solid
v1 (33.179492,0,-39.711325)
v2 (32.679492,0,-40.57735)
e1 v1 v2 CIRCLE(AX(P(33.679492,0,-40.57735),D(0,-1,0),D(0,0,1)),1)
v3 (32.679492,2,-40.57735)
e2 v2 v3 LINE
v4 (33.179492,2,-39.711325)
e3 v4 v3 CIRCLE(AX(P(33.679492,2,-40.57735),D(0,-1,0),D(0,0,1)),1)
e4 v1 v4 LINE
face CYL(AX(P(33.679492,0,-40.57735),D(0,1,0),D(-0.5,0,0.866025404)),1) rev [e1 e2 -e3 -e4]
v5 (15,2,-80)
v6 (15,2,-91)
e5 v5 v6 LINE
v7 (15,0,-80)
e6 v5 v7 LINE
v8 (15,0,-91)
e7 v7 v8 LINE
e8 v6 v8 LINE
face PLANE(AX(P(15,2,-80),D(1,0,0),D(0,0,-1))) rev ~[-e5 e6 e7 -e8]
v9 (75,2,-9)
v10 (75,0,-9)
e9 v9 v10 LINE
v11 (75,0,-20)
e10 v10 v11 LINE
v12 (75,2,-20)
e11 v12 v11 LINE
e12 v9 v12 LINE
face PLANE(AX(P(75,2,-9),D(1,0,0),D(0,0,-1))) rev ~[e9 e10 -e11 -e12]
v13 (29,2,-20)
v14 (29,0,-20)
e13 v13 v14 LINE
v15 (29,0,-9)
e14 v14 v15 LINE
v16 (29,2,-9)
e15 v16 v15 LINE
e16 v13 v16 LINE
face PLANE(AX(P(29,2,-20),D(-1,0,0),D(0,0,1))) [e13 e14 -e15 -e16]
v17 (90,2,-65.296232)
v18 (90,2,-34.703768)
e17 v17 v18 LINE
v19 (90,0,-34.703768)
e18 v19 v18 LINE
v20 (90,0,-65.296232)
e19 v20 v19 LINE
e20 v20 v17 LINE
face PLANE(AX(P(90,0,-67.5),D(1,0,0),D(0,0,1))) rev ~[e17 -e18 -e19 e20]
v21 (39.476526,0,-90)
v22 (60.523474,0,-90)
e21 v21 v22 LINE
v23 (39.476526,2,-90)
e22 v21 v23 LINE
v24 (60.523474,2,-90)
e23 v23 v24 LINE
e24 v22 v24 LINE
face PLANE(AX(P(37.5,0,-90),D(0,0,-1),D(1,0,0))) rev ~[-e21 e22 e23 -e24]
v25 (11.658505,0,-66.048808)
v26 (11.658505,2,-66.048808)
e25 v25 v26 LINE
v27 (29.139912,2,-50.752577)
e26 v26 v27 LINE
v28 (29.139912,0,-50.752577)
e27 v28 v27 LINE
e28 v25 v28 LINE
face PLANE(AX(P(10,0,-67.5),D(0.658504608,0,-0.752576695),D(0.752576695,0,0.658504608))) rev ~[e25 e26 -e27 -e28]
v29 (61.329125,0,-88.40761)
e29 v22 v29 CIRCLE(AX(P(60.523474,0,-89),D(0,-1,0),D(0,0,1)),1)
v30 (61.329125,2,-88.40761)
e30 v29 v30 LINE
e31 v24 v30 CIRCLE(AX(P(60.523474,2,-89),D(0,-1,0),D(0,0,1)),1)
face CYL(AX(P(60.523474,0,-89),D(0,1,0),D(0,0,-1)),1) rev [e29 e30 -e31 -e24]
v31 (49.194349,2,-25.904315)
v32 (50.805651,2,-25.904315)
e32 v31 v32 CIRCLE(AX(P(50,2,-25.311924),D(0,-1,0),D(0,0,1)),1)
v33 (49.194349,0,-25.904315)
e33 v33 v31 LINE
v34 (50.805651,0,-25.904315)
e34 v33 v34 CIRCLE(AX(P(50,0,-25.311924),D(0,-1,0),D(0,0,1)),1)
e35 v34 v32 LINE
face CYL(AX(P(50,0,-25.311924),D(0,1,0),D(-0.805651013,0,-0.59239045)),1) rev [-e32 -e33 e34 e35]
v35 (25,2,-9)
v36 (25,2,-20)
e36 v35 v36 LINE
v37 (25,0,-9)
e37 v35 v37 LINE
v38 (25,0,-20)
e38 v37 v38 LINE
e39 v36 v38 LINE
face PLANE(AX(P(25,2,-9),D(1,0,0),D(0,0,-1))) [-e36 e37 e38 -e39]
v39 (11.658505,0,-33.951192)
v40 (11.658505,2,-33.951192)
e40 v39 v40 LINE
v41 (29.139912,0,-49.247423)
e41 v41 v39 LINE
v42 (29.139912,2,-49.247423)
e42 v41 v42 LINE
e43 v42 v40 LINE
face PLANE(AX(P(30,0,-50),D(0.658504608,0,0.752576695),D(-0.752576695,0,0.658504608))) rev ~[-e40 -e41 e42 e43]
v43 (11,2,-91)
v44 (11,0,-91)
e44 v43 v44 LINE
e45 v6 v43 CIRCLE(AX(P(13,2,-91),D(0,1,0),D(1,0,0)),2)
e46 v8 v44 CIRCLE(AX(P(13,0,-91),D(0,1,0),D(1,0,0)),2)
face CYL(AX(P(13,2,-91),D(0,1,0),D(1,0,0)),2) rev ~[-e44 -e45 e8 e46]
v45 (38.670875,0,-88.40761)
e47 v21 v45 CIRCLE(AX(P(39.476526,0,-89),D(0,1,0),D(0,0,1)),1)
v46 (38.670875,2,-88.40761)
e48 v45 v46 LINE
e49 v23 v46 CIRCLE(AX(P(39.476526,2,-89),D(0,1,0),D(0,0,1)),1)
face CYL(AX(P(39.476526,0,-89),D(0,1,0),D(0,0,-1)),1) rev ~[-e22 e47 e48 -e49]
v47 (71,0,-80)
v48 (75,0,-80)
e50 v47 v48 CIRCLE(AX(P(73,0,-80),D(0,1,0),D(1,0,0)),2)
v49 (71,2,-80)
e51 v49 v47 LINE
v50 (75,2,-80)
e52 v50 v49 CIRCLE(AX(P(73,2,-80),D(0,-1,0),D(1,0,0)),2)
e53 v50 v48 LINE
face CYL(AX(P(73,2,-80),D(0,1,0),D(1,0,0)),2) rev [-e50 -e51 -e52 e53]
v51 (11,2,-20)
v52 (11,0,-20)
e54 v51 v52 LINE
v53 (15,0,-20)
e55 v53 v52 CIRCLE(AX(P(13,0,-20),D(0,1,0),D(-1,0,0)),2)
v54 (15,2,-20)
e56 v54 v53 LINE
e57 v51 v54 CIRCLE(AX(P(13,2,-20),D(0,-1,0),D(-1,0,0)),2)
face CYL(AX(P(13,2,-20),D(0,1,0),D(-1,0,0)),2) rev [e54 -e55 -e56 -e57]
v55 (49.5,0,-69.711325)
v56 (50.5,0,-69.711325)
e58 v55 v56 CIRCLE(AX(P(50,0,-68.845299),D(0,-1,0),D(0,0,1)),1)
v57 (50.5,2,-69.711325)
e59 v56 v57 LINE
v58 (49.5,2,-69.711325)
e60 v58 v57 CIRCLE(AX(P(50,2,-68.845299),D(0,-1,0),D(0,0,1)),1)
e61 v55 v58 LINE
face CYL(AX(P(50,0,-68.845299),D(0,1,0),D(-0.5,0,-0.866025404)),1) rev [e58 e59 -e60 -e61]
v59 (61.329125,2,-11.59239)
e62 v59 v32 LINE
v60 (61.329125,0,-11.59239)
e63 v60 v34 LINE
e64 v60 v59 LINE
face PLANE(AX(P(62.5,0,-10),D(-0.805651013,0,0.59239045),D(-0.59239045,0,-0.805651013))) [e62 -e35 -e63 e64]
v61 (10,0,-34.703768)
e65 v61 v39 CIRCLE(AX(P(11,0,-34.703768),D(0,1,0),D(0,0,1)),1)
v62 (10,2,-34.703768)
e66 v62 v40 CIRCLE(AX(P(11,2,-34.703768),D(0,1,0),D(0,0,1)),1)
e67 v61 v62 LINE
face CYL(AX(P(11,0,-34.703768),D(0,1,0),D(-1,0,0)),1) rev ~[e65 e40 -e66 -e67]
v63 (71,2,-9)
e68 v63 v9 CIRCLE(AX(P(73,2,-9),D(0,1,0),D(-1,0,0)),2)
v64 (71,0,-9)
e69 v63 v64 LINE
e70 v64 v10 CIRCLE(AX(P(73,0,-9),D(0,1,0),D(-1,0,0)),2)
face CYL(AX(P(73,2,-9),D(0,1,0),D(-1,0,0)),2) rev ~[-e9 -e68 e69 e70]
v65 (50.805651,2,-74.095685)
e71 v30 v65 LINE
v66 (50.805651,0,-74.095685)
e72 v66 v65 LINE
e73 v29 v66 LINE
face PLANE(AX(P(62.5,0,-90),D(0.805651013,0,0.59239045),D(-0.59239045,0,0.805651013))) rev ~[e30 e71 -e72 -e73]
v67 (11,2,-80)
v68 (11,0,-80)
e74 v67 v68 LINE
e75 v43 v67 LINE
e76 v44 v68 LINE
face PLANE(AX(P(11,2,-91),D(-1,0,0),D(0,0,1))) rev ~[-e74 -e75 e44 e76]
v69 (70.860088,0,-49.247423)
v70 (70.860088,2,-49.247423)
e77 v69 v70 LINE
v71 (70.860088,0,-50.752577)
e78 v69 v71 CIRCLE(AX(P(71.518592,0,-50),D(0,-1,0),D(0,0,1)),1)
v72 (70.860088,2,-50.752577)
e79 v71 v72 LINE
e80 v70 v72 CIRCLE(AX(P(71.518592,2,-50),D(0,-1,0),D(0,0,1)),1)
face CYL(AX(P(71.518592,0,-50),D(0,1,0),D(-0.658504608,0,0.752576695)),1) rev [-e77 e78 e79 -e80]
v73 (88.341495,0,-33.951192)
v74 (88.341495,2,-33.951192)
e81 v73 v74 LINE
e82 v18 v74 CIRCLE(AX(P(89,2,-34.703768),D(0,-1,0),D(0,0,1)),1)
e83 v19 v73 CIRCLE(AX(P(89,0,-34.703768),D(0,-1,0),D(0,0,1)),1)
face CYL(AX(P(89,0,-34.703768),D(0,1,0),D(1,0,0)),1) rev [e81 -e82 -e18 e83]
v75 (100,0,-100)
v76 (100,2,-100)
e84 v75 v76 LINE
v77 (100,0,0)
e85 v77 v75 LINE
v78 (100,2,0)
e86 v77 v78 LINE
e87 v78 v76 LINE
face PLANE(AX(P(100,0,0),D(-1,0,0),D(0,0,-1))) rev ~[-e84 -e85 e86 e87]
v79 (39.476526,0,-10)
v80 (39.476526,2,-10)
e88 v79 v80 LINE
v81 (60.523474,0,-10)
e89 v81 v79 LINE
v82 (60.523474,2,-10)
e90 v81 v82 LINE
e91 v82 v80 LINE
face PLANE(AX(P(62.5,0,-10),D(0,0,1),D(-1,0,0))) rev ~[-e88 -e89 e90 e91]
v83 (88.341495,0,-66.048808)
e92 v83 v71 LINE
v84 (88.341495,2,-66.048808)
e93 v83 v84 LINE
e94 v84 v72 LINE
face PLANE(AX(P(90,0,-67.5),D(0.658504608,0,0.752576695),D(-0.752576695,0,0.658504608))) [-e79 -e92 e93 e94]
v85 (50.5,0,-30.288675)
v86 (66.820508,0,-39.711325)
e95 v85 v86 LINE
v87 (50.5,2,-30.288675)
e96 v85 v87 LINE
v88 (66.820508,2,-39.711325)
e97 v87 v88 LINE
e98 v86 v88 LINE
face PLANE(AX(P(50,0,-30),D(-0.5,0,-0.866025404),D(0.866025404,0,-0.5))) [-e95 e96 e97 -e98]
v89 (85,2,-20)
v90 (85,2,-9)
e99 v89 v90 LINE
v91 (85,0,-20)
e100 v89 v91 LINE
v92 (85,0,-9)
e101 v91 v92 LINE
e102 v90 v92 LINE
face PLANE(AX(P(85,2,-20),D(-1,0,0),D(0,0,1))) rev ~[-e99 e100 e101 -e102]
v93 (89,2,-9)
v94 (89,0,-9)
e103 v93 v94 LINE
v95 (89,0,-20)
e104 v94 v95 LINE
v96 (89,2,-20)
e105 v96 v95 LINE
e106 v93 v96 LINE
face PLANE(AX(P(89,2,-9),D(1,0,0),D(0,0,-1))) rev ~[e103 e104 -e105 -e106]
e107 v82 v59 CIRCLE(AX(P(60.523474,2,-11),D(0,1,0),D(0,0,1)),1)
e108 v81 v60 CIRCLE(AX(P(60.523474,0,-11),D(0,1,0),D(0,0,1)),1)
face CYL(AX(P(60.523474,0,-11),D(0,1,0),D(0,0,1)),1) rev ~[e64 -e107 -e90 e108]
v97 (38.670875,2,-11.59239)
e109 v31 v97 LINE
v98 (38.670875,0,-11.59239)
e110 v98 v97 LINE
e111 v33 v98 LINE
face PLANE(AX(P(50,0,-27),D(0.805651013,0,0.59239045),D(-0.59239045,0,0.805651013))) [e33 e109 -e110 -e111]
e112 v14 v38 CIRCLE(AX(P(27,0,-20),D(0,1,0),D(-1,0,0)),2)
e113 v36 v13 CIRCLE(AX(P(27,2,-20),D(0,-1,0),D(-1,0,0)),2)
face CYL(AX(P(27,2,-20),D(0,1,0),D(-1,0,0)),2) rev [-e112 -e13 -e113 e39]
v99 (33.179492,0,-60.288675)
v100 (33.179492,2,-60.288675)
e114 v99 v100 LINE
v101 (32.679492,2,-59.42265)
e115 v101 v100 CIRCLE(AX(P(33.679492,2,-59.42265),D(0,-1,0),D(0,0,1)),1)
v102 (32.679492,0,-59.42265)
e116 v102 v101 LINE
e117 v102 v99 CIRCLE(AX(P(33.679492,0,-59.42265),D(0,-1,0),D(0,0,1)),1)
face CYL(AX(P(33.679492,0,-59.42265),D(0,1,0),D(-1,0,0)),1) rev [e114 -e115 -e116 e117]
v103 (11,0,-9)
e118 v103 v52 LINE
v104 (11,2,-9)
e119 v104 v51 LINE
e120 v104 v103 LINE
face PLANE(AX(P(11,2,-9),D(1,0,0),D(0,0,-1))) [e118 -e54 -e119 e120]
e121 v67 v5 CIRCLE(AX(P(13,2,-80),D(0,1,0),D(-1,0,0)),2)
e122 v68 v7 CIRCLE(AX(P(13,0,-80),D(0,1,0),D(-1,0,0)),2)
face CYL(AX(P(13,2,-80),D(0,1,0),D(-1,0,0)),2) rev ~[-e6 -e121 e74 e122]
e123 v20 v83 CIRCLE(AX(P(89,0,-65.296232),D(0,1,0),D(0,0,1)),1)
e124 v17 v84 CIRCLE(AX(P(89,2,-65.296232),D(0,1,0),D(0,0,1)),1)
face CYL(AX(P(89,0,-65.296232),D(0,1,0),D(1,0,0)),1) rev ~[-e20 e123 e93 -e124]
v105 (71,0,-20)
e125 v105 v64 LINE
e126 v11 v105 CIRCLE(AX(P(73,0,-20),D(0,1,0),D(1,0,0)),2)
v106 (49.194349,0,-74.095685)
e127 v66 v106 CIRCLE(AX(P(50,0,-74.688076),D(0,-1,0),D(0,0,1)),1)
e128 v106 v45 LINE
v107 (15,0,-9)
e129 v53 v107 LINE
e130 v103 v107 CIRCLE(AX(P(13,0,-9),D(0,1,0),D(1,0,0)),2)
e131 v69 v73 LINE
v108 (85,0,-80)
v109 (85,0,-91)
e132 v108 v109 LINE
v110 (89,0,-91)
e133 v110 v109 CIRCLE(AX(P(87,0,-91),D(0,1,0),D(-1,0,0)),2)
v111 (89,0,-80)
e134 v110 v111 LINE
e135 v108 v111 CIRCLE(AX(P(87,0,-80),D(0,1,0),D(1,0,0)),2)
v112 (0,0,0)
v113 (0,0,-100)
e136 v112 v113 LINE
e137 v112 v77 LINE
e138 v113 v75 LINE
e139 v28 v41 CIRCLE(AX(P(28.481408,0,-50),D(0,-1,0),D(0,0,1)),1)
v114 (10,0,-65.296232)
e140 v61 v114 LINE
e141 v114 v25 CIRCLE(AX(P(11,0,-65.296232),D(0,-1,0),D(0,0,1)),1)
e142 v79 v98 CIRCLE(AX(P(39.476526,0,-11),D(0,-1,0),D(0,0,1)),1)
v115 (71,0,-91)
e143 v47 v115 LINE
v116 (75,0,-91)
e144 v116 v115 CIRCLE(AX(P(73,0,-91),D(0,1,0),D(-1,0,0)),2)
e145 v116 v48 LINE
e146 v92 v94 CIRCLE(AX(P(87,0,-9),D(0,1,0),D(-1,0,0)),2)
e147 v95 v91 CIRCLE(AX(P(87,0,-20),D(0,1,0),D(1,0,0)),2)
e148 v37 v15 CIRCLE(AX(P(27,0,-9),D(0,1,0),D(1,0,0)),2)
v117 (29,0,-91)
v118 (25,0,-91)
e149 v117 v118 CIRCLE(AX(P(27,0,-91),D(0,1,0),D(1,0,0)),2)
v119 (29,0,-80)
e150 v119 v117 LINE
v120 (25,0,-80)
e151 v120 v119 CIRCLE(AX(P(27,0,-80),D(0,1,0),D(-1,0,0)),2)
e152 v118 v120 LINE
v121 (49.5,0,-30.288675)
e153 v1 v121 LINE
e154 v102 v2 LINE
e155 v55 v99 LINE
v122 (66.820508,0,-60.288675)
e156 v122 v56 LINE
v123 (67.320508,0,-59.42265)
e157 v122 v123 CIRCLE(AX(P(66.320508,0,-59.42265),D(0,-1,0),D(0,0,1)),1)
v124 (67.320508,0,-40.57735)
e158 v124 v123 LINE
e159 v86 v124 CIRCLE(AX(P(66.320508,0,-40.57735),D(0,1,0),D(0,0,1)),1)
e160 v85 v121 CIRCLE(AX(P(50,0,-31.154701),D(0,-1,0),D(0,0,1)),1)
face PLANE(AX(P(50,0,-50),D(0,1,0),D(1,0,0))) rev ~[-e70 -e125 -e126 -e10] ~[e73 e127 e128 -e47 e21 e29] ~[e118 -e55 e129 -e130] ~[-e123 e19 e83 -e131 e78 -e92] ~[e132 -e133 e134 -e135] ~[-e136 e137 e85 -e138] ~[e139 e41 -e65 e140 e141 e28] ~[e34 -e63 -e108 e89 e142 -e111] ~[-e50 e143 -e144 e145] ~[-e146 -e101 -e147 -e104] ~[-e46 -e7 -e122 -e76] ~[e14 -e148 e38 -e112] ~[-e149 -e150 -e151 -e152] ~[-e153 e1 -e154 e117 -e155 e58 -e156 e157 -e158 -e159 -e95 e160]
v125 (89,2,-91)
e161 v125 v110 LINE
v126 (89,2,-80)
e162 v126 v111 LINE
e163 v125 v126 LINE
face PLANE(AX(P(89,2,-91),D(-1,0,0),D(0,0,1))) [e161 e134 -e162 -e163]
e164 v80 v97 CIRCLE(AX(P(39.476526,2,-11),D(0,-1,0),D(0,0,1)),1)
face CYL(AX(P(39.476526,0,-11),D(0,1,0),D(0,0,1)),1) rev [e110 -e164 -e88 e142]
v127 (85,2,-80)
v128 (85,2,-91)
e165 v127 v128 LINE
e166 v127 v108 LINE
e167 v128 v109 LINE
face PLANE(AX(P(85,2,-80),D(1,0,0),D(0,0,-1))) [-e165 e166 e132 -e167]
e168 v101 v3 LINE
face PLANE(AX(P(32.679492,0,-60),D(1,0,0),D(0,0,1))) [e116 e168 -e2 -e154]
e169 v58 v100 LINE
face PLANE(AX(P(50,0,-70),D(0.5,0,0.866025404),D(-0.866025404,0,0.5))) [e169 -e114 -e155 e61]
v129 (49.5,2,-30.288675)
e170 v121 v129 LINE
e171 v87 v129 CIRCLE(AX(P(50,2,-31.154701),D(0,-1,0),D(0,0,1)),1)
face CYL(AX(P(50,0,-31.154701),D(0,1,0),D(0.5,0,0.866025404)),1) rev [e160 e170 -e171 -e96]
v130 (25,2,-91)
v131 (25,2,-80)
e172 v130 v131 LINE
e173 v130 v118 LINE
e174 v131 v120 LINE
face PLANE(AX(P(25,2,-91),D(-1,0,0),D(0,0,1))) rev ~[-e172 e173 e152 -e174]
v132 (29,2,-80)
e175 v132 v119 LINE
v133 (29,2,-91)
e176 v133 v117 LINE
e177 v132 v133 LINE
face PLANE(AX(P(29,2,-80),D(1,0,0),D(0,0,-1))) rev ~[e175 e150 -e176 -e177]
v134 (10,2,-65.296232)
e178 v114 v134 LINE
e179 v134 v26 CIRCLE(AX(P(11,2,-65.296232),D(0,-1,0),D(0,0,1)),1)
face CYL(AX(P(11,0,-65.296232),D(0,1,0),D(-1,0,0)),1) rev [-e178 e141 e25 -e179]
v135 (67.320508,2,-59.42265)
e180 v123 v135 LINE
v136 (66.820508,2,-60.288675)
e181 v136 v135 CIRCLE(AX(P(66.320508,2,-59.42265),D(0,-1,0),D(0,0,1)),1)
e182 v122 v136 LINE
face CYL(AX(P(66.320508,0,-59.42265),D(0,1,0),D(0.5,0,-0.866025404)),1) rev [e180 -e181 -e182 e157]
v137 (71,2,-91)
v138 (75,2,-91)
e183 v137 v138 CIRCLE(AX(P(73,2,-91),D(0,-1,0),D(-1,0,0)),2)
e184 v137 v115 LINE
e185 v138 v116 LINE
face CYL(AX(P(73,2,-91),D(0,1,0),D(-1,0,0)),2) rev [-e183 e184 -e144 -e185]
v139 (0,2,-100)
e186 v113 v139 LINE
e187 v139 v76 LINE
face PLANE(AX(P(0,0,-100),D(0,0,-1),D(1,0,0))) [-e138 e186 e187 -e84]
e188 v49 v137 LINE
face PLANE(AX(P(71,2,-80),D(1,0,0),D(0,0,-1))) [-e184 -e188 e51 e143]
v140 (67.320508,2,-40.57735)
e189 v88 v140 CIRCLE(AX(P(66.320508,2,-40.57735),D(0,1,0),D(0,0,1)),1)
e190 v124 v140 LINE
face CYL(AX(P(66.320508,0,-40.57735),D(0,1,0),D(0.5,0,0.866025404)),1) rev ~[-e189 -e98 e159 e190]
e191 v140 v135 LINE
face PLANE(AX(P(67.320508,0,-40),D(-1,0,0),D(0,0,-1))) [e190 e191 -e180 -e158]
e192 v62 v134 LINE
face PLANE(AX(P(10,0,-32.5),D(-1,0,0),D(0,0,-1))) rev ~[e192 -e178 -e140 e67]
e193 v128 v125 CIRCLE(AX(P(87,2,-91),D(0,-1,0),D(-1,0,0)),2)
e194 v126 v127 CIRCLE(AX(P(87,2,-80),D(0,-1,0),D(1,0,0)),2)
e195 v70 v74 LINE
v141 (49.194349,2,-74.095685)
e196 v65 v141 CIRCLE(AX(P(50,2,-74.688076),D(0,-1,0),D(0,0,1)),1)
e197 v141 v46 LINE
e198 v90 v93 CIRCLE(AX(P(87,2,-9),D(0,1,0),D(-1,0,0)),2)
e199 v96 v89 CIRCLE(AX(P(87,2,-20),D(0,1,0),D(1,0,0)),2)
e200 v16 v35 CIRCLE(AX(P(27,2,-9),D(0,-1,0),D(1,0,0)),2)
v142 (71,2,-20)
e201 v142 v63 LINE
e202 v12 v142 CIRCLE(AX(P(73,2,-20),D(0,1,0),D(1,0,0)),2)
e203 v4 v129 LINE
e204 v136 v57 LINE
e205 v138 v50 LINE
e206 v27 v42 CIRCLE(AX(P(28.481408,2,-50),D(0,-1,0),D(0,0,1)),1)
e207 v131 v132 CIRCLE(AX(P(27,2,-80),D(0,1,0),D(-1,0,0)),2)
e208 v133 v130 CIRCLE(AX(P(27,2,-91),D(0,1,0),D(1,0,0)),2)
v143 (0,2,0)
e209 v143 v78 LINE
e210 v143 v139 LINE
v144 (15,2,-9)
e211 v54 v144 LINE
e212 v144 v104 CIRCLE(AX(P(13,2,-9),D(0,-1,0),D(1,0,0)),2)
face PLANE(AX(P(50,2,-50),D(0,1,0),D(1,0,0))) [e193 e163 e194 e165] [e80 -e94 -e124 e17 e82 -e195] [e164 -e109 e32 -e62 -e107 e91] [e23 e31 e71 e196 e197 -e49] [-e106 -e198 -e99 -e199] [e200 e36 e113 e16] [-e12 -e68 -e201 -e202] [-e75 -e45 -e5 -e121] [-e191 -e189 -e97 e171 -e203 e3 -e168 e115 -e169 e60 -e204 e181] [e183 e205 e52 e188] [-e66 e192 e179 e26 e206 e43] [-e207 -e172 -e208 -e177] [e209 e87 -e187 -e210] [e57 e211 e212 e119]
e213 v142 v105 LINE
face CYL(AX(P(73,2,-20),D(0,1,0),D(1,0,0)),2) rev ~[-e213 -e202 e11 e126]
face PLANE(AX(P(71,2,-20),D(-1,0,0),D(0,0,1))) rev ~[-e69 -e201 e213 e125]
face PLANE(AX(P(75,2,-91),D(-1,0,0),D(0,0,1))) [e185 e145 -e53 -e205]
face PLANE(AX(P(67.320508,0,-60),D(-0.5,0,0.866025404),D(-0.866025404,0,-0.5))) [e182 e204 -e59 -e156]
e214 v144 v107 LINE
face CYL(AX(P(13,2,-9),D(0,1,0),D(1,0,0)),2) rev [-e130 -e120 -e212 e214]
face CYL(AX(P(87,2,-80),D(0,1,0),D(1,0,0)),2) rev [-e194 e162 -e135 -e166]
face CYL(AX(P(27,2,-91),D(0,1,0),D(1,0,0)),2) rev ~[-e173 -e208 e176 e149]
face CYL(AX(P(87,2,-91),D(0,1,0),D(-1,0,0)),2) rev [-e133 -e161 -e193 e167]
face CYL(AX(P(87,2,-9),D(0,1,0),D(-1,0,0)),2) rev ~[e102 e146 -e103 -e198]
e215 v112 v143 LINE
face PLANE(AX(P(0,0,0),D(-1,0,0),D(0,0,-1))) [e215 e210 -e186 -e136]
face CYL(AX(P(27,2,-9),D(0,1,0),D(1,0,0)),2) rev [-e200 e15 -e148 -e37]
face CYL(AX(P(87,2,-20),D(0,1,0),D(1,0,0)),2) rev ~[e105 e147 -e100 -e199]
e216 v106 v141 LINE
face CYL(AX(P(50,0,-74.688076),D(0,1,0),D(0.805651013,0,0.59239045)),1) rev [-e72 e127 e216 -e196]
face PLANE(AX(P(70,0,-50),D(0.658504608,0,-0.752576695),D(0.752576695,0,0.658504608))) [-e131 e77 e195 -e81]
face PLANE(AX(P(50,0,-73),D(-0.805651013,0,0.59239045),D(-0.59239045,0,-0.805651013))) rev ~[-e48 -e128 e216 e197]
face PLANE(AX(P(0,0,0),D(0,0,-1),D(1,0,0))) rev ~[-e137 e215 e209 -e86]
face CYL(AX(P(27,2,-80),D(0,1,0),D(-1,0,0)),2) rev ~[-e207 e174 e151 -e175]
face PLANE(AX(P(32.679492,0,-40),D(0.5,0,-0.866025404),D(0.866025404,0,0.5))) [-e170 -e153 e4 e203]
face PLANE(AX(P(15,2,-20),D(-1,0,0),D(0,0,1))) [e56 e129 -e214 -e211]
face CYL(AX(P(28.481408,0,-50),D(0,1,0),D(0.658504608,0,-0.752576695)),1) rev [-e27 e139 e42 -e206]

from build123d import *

# Parameters (mm, degrees)
SKETCH1_W           = 100
SKETCH1_H           = 100
BOSS_EXTRUDE1_DEPTH = 2
FILLET1_R           = 1
FILLET2_R           = 1
CUT_EXTRUDE1_DEPTH  = 142.435497666


with BuildPart() as part:
    # Sketch1 → Boss-Extrude1 (new body)
    with BuildSketch(Plane(origin=(0, 0, 0), x_dir=(1, 0, 0), z_dir=(0, 1, 0))):
        with Locations((50, 50)):
            Rectangle(SKETCH1_W, SKETCH1_H)
        Polygon((10, 67.5), (30, 50), (10, 32.5), (10, 50), align=None, mode=Mode.SUBTRACT)
        Polygon((50, 30), (67.320508076, 40), (67.320508076, 60), (50, 70), (32.679491924, 60), (32.679491924, 40), align=None, mode=Mode.SUBTRACT)
        Polygon((90, 50), (90, 67.5), (70, 50), (90, 32.5), align=None, mode=Mode.SUBTRACT)
        Polygon((50, 10), (62.5, 10), (50, 27), (37.5, 10), align=None, mode=Mode.SUBTRACT)
        Polygon((50, 90), (62.5, 90), (50, 73), (37.5, 90), align=None, mode=Mode.SUBTRACT)
    extrude(amount=BOSS_EXTRUDE1_DEPTH)

    # Fillet1
    fillet1_edges = [part.edges().sort_by_distance(p)[0] for p in [
        (32.679491924, 1, -60),
        (50, 1, -70),
        (50, 1, -30),
        (67.320508076, 1, -40),
        (32.679491924, 1, -40),
        (67.320508076, 1, -60),
    ]]
    fillet(fillet1_edges, radius=FILLET1_R)

    # Fillet2
    fillet2_edges = [part.edges().sort_by_distance(p)[0] for p in [
        (50, 1, -73),
        (37.5, 1, -10),
        (10, 1, -32.5),
        (62.5, 1, -10),
        (90, 1, -32.5),
        (90, 1, -67.5),
        (62.5, 1, -90),
        (37.5, 1, -90),
        (10, 1, -67.5),
        (50, 1, -27),
        (30, 1, -50),
        (70, 1, -50),
    ]]
    fillet(fillet2_edges, radius=FILLET2_R)

    # Sketch2 → Cut-Extrude1 (cut, through all)
    with BuildSketch(Plane(origin=(0, 2, 0), x_dir=(1, 0, 0), z_dir=(0, 1, 0))):
        with BuildLine():
            Line((29, 80), (29, 91))
            ThreePointArc((29, 91), (27, 93), (25, 91))
            Line((25, 91), (25, 80))
            ThreePointArc((25, 80), (27, 78), (29, 80))
        make_face()
        with BuildLine():
            Line((15, 80), (15, 91))
            ThreePointArc((15, 91), (13, 93), (11, 91))
            Line((11, 91), (11, 80))
            ThreePointArc((11, 80), (13, 78), (15, 80))
        make_face()
        with BuildLine():
            ThreePointArc((75, 91), (73, 93), (71, 91))
            Line((71, 91), (71, 80))
            ThreePointArc((71, 80), (73, 78), (75, 80))
            Line((75, 80), (75, 91))
        make_face()
        with BuildLine():
            ThreePointArc((89, 91), (87, 93), (85, 91))
            Line((85, 91), (85, 80))
            ThreePointArc((85, 80), (87, 78), (89, 80))
            Line((89, 80), (89, 91))
        make_face()
        with BuildLine():
            ThreePointArc((25, 9), (27, 7), (29, 9))
            Line((29, 9), (29, 20))
            ThreePointArc((29, 20), (27, 22), (25, 20))
            Line((25, 20), (25, 9))
        make_face()
        with BuildLine():
            ThreePointArc((11, 9), (13, 7), (15, 9))
            Line((15, 9), (15, 20))
            ThreePointArc((15, 20), (13, 22), (11, 20))
            Line((11, 20), (11, 9))
        make_face()
        with BuildLine():
            Line((71, 20), (71, 9))
            ThreePointArc((71, 9), (73, 7), (75, 9))
            Line((75, 9), (75, 20))
            ThreePointArc((75, 20), (73, 22), (71, 20))
        make_face()
        with BuildLine():
            Line((85, 20), (85, 9))
            ThreePointArc((85, 9), (87, 7), (89, 9))
            Line((89, 9), (89, 20))
            ThreePointArc((89, 20), (87, 22), (85, 20))
        make_face()
    extrude(amount=-CUT_EXTRUDE1_DEPTH, mode=Mode.SUBTRACT)


solid = part.part
